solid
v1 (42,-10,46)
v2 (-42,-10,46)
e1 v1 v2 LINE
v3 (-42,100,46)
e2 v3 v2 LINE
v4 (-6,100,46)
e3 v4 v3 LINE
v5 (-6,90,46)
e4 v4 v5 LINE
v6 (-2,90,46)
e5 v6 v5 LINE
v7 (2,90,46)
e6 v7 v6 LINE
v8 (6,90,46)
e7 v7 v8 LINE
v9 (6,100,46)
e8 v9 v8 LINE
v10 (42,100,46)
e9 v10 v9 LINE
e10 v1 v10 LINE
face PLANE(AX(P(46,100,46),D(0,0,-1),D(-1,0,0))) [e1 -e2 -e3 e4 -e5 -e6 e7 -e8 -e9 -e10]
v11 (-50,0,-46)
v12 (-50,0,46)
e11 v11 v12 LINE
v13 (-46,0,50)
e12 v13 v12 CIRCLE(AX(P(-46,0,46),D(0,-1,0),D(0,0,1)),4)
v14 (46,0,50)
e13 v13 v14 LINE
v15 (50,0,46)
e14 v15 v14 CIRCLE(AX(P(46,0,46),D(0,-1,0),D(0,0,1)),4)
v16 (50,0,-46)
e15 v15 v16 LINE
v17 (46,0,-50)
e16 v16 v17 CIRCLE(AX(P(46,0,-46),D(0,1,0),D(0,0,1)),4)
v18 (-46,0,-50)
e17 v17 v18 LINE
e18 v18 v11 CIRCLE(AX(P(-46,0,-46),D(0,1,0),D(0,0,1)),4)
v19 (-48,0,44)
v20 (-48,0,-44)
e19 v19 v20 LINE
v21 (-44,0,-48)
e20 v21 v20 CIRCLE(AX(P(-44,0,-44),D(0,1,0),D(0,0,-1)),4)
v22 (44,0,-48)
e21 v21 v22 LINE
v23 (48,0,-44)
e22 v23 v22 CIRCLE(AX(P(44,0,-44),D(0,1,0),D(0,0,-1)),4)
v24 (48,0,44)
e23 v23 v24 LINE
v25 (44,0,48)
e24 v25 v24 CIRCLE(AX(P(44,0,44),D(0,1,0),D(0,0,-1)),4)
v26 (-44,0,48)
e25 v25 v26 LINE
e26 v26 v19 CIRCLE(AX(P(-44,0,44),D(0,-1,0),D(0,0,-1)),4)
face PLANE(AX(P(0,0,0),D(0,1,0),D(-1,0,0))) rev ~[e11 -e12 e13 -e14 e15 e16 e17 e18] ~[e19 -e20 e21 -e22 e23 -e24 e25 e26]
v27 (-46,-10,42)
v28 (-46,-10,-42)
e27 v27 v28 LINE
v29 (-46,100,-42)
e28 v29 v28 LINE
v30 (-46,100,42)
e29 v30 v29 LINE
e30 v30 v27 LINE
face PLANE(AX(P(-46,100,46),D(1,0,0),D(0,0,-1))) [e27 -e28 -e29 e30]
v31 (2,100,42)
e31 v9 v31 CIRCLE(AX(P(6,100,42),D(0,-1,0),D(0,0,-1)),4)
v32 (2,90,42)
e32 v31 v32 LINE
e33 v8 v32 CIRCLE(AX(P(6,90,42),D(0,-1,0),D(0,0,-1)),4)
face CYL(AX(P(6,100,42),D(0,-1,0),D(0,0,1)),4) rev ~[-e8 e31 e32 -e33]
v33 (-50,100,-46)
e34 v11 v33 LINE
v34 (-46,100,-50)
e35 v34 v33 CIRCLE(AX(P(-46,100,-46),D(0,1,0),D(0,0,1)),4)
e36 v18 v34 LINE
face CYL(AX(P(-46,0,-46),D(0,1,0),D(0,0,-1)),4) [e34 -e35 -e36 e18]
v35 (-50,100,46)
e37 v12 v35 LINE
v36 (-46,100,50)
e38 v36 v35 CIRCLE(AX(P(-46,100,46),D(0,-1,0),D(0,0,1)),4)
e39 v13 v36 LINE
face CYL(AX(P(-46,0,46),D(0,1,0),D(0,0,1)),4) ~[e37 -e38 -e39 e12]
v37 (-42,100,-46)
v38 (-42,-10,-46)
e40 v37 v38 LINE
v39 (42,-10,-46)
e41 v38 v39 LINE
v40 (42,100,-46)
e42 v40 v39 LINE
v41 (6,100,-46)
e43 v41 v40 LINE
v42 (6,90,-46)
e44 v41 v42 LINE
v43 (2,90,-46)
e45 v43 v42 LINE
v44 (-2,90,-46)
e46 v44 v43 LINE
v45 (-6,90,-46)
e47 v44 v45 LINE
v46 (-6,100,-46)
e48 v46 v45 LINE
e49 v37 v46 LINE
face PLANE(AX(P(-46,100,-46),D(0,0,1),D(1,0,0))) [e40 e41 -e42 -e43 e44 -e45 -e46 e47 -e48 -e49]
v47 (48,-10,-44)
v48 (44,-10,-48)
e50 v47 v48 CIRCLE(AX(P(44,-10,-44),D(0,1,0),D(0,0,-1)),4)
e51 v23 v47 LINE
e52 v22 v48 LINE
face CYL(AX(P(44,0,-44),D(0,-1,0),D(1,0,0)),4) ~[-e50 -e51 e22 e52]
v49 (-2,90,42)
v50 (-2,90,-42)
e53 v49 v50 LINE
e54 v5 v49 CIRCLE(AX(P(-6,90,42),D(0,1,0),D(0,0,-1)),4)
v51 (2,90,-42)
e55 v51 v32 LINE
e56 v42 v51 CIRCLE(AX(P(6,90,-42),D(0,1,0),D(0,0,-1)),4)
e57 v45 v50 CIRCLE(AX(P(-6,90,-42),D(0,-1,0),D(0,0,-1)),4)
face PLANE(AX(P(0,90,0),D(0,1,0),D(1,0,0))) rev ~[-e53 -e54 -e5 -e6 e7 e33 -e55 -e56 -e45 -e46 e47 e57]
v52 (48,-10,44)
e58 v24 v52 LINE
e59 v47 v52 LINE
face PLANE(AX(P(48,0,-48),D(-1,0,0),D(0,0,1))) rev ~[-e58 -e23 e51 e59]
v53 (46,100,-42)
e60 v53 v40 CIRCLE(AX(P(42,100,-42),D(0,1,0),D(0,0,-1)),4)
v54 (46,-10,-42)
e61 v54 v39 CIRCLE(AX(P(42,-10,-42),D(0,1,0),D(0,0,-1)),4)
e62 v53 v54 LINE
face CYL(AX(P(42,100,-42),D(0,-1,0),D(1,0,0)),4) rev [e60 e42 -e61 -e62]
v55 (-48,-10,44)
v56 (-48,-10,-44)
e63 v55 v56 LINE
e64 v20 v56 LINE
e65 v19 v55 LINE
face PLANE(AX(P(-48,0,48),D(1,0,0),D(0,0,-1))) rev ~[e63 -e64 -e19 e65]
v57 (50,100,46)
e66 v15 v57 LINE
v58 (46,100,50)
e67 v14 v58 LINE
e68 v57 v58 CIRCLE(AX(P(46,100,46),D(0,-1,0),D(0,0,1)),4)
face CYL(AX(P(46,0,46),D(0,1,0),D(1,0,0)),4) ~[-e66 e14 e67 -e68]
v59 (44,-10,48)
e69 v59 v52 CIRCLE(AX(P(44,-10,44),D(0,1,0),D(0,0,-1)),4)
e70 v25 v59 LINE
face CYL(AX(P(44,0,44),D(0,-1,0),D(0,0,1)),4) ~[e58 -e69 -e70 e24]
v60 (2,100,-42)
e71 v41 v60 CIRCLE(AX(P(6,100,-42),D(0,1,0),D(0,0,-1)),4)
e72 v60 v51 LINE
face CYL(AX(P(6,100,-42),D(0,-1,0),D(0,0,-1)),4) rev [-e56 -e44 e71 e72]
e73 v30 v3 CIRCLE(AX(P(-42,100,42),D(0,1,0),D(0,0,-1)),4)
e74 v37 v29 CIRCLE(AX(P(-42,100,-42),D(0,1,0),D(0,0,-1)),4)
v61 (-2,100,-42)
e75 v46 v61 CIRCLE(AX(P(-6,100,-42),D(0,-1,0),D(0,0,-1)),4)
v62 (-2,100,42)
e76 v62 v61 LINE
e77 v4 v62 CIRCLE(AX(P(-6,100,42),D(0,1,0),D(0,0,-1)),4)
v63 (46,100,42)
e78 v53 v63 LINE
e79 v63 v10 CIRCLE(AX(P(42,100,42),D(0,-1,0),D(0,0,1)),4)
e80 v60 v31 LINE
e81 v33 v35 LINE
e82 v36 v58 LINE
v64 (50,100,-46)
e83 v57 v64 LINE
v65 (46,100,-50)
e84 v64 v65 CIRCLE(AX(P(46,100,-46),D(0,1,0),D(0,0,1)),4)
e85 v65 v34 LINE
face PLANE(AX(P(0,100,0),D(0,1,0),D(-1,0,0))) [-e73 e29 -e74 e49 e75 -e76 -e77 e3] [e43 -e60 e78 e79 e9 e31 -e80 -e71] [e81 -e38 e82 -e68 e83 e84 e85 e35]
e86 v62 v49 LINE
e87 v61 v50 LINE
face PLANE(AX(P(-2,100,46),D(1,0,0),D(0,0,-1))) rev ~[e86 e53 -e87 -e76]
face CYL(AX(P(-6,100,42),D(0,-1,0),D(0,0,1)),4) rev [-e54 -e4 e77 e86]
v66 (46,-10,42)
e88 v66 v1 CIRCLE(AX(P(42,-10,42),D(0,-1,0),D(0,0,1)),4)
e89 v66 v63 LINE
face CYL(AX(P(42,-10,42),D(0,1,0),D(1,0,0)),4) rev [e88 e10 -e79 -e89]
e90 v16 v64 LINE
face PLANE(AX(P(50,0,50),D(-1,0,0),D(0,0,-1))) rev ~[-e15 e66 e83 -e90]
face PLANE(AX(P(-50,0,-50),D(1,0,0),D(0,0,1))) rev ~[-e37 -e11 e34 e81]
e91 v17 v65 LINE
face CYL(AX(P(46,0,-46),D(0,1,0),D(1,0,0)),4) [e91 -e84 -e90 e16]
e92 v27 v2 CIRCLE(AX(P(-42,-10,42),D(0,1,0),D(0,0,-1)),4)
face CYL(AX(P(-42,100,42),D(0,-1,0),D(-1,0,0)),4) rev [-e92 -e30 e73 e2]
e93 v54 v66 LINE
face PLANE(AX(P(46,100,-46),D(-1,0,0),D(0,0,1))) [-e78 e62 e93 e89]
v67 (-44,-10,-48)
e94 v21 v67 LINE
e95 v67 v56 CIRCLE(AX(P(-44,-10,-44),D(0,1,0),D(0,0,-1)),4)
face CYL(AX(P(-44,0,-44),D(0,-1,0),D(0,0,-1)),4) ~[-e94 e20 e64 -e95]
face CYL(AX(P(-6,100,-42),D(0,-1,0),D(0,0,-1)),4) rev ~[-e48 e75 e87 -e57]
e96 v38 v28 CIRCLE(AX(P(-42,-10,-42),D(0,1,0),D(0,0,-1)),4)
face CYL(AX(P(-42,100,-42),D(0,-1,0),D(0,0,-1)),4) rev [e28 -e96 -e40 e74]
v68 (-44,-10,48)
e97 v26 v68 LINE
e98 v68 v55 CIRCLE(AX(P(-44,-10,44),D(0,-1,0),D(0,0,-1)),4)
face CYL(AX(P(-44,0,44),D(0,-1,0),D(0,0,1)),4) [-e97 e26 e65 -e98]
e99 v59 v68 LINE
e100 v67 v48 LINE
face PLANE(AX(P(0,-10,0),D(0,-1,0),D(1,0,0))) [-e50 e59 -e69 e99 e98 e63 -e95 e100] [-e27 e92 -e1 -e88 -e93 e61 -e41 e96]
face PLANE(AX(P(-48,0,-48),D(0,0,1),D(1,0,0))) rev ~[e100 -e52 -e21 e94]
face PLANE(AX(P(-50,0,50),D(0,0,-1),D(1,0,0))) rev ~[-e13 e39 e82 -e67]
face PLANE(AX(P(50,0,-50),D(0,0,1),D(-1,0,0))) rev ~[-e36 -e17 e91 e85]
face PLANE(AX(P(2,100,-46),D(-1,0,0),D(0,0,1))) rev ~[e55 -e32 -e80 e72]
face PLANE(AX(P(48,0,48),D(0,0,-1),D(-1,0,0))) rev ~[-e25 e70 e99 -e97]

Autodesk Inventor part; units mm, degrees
ref_plane "YZ Plane" through (0, 0, 0) normal (1, 0, 0) x (0, 1, 0)
ref_plane "XZ Plane" through (0, 0, 0) normal (0, 1, 0) x (-1, 0, 0)
ref_plane "XY Plane" through (0, 0, 0) normal (0, 0, 1) x (1, 0, 0)
sketch "Szkic1" plane through (0, 0, 0) normal (0, 1, 0) x (-1, 0, 0)
  line L0 (-50, -50) -> (50, -50)
  line L1 (50, -50) -> (50, 50)
  line L2 (50, 50) -> (-50, 50)
  line L3 (-50, 50) -> (-50, -50)
  line L4 (-50, -50) -> (50, 50) construction
  line L5 (50, -50) -> (-50, 50) construction
  point P0 (0, 0)
  dimension "d0" = 100
  dimension "d1" = 100
extrude "Wyciągnięcie proste1" add sketch "Szkic1" along normal blind 100
sketch "Szkic2" plane through (0, 100, 0) normal (0, 1, 0) x (1, 0, 0)
  line L0 (46, -46) -> (-46, -46)
  line L1 (-46, -46) -> (-46, 46)
  line L2 (-46, 46) -> (46, 46)
  line L3 (46, 46) -> (46, -46)
  line L4 (46, -46) -> (-46, 46) construction
  line L5 (-46, -46) -> (46, 46) construction
  point P0 (0, 0)
  dimension "d4" = 92
  dimension "d5" = 92
extrude "Wyciągnięcie proste2" cut sketch "Szkic2" against normal blind 100
sketch "Szkic3" plane through (0, 0, 0) normal (0, -1, 0) x (1, 0, 0)
  line L0 (-48, -48) -> (48, -48)
  line L1 (48, -48) -> (48, 48)
  line L2 (48, 48) -> (-48, 48)
  line L3 (-48, 48) -> (-48, -48)
  line L4 (-48, -48) -> (48, 48) construction
  line L5 (48, -48) -> (-48, 48) construction
  line L6 (-46, -46) -> (46, -46)
  line L7 (46, -46) -> (46, 46)
  line L8 (46, 46) -> (-46, 46)
  line L9 (-46, 46) -> (-46, -46)
  line L10 (-46, -46) -> (46, 46) construction
  line L11 (46, -46) -> (-46, 46) construction
  point P0 (0, 0)
  dimension "d8" = 96
  dimension "d9" = 96
  dimension "d10" = 92
  dimension "d11" = 92
extrude "Wyciągnięcie proste3" add sketch "Szkic3" along normal blind 10 contours L3 L2 L1 L0 | L9 L8 L7 L6
sketch "Szkic4" plane through (0, -10, 0) normal (0, -1, 0) x (1, 0, 0)
  line L0 (46, 46) -> (-46, 46)
  line L1 (-46, 46) -> (-46, -46)
  line L2 (-46, -46) -> (46, -46)
  line L3 (46, -46) -> (46, 46)
  line L4 (46, 46) -> (-46, -46) construction
  line L5 (-46, 46) -> (46, -46) construction
  point P0 (0, 0)
  dimension "d14" = 92
  dimension "d15" = 92
extrude "Wyciągnięcie proste4" cut sketch "Szkic4" against normal blind 10
sketch "Szkic5" plane through (0, 100, 0) normal (0, 1, 0) x (1, 0, 0)
  line L0 (-2, 46) -> (2, 46)
  line L1 (2, 46) -> (2, -46)
  line L2 (2, -46) -> (-2, -46)
  line L3 (-2, -46) -> (-2, 46)
  line L4 (-2, 46) -> (2, -46) construction
  line L5 (2, 46) -> (-2, -46) construction
  point P0 (0, 0)
  dimension "d18" = 4
  dimension "d19" = 92
extrude "Wyciągnięcie proste5" add sketch "Szkic5" against normal blind 10
sketch "Szkic6" plane through (0, 100, 0) normal (0, 1, 0) x (1, 0, 0)
  line L0 (46, 46) -> (46, -46) projected
  line L1 (2, 46) -> (46, 46) projected
  line L2 (50, 50) -> (-50, 50) projected
  line L3 (50, -50) -> (50, 50) projected
  line L4 (2, -46) -> (2, 46) projected
  point P0 (0, 0)
  point P1 (46, 0)
fillet "Zaokrąglenie1" radius 4 16 edges at (2, 95, 46) (2, 95, -46) (-2, 95, -46) (-2, 95, 46) (50, 50, 50) (-50, 50, 50) (-50, 50, -50) (50, 50, -50) (46, 45, -46) (46, 45, 46) (-46, 45, 46) (-46, 45, -46) (-48, -5, 48) (48, -5, 48) (48, -5, -48) (-48, -5, -48)
equation "\"PromieńGięcia\" = Grubość"
equation "\"SzerokośćGięciaPodcięcia\" = Grubość"
equation "\"GłębokośćGięciaPodcięcia\" = 0.5 * Grubość"
equation "\"RozmiarPodcięciaNarożnika\" = 4 * Grubość"
equation "\"MinimalnaPozostałość\" = 2 * Grubość"
equation "\"PromieńPrzejścia\" = PromieńGięcia"
equation "\"Rozmiar_promienia_Jacobiego\" = PromieńGięcia"
equation "\"Wielk_odstępu\" = Grubość"
equation "\"Grubość\" = 0.5"
